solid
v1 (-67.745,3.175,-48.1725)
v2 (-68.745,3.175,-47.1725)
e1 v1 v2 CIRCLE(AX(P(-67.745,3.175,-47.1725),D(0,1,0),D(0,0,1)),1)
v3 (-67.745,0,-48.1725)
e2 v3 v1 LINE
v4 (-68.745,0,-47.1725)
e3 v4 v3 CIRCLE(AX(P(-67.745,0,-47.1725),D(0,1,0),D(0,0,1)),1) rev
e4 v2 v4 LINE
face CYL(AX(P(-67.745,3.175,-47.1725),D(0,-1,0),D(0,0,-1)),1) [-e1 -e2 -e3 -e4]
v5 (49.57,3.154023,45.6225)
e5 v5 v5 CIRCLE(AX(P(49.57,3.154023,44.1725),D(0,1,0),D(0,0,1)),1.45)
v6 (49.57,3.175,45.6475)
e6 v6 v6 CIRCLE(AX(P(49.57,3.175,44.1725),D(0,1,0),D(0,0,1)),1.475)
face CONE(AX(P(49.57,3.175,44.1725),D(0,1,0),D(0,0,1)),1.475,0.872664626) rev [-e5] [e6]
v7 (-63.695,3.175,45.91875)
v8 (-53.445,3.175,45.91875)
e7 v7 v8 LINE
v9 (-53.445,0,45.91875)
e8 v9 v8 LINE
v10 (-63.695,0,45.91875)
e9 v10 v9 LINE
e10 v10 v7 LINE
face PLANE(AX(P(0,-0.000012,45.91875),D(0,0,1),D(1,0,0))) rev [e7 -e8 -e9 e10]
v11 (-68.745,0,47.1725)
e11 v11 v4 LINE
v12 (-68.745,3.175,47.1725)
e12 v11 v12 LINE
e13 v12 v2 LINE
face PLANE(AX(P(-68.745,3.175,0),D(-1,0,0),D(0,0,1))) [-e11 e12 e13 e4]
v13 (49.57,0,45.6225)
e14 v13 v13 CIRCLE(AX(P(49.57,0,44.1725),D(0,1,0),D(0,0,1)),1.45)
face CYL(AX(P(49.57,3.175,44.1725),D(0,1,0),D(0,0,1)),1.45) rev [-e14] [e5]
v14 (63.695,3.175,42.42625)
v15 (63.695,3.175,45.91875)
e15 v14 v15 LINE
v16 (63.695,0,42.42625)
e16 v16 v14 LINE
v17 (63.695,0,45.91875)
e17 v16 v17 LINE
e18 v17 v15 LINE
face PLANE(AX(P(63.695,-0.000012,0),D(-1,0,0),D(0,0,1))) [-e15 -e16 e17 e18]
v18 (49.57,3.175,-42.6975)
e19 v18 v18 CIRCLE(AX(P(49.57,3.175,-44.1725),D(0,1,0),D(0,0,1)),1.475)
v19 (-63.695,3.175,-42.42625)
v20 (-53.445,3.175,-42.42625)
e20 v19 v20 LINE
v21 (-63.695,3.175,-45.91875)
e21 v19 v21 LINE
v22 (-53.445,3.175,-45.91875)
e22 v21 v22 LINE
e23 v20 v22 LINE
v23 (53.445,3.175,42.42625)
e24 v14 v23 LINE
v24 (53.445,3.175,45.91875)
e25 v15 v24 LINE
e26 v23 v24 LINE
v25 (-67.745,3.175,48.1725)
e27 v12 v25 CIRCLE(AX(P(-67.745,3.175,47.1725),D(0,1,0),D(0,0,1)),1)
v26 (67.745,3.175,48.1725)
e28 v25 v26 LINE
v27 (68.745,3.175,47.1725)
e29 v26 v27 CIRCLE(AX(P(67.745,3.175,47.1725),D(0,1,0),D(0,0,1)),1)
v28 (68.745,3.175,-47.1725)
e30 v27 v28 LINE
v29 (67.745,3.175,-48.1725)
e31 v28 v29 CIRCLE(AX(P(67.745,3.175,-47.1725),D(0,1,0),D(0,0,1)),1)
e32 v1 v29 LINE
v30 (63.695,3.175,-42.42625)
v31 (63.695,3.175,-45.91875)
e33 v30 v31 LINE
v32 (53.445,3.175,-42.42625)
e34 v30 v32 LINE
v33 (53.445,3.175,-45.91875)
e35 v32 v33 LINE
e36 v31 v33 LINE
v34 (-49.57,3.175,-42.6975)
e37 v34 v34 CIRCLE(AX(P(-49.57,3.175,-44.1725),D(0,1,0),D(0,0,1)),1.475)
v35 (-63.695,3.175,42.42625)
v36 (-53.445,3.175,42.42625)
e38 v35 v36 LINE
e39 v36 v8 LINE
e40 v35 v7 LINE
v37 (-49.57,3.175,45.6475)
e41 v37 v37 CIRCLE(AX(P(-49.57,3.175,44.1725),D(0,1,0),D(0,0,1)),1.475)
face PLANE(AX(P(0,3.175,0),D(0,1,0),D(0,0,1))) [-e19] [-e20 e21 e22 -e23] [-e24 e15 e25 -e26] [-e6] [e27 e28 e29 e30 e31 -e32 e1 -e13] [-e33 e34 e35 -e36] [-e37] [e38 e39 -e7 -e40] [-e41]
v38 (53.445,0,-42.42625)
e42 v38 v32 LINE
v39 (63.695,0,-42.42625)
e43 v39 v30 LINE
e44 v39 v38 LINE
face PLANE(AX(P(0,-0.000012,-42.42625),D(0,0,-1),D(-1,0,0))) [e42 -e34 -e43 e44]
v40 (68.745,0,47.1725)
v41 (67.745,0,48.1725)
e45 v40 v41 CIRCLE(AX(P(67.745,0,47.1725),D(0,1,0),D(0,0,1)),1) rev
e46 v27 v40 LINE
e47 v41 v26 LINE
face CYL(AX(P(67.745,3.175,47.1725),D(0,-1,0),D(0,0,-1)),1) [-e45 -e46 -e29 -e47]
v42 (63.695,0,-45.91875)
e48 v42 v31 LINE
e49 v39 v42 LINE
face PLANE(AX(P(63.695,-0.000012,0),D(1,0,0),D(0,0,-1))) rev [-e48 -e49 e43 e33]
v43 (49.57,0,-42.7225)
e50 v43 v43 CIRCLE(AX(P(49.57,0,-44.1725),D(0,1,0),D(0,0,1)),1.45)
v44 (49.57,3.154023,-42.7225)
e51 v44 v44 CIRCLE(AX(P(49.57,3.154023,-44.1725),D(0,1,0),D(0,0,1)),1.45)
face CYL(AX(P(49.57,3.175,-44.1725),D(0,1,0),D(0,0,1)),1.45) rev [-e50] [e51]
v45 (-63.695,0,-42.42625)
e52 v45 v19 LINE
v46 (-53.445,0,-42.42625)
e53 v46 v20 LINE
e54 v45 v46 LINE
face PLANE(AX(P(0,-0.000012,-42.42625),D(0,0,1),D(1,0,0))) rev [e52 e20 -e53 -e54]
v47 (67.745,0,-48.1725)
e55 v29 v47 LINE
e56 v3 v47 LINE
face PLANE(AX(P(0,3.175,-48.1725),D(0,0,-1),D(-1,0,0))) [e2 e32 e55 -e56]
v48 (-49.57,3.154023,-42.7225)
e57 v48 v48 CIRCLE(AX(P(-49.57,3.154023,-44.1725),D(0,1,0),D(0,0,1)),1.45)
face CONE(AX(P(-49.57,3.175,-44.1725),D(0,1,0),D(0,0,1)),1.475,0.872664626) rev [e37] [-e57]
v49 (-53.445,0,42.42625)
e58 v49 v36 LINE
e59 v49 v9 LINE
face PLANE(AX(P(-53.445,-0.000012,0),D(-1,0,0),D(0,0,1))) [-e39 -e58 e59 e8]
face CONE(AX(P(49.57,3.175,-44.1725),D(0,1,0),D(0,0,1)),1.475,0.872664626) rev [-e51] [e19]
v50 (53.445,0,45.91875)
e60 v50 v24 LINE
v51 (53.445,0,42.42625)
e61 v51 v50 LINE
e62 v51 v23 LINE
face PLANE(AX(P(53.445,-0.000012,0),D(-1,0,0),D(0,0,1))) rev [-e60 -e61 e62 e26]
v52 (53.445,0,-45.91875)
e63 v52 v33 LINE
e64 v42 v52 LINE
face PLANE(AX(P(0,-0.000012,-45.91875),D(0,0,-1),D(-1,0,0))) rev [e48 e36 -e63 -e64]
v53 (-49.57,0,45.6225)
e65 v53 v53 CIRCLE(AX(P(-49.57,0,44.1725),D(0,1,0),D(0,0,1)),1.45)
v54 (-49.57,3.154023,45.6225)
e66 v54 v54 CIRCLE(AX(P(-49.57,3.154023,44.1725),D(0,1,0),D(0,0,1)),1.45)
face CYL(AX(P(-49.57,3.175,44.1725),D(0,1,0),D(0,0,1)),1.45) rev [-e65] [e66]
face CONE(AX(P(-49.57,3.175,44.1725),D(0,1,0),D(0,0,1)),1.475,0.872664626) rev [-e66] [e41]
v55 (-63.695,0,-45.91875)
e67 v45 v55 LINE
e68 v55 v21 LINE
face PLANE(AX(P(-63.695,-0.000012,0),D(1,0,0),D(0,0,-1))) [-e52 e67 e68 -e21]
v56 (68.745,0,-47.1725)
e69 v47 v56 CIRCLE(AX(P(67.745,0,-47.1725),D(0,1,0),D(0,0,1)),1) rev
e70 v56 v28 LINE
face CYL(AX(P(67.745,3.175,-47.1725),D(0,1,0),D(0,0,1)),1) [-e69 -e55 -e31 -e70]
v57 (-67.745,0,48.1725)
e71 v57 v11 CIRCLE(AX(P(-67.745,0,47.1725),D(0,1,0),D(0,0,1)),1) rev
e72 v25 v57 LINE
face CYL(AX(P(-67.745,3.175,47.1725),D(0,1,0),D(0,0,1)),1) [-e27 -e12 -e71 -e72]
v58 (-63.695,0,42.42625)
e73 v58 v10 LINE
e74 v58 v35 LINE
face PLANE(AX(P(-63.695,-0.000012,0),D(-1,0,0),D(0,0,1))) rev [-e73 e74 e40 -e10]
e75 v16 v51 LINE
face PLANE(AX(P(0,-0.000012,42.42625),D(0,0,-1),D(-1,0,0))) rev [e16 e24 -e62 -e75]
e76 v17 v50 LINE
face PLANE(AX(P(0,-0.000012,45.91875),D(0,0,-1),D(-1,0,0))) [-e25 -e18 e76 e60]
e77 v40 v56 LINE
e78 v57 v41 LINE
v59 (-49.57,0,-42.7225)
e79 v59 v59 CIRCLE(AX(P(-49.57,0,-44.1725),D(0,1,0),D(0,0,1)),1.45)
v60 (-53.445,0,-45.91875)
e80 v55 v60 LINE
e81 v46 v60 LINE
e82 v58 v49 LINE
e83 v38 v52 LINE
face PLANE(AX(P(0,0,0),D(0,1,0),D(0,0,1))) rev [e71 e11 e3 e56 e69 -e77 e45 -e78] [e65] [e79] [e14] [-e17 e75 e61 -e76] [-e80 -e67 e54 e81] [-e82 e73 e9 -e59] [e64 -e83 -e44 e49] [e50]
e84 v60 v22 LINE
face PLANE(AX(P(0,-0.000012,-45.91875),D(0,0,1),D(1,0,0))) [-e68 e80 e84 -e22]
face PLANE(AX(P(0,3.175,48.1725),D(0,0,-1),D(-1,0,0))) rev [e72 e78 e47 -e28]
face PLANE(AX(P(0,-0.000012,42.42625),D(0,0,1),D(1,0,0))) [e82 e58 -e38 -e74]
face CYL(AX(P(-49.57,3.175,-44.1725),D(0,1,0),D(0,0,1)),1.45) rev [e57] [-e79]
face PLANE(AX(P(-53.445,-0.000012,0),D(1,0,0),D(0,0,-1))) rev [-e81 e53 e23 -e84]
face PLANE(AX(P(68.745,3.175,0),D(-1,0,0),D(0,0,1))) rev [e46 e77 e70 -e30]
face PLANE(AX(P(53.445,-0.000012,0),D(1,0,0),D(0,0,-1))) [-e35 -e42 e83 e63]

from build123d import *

# Parameters (mm, degrees)
SKETCH1_W                                      = 137.49
SKETCH1_H                                      = 96.345
SKETCH1_R                                      = 2.5
SKETCH1_W_2                                    = 10.25
SKETCH1_H_2                                    = 3.4925
BOSS_EXTRUDE1_DEPTH                            = 3.175
CUT_EXTRUDE1_START                             = -1
SKETCH1_3_W                                    = 10.25
SKETCH1_3_H                                    = 3.4925
CUT_EXTRUDE1_DEPTH                             = 5.175
M2_5_CLEARANCE_HOLE1_D                         = 2.9
M2_5_CLEARANCE_HOLE1_CSINK_D                   = 2.95
M2_5_CLEARANCE_HOLE1_CSINK_ANGLE               = 100
MIRROR1_START                                  = -1
MIRROR1_AT_THE_SECOND_PLANE_COPY_1_SKETC_W     = 10.25
MIRROR1_AT_THE_SECOND_PLANE_COPY_1_SKETC_H     = 3.4925
MIRROR1_AT_THE_SECOND_PLANE_COPY_1_DEPTH       = 5.175
MIRROR1_AT_THE_SECOND_PLANE_COPY_2_D           = 2.9
MIRROR1_AT_THE_SECOND_PLANE_COPY_2_CSINK_D     = 2.95
MIRROR1_AT_THE_SECOND_PLANE_COPY_2_CSINK_ANGLE = 100
FILLET1_R                                      = 1


with BuildPart() as part:
    # Sketch1 → Boss-Extrude1 (new body)
    with BuildSketch(Plane(origin=(0, 0, 0), x_dir=(1, 0, 0), z_dir=(0, 1, 0))):
        Rectangle(SKETCH1_W, SKETCH1_H)
        with Locations((-49.57, 44.1725)):
            Circle(SKETCH1_R, mode=Mode.SUBTRACT)
        with Locations((-58.57, 44.1725)):
            Rectangle(SKETCH1_W_2, SKETCH1_H_2, mode=Mode.SUBTRACT)
        with Locations((-58.57, 44.1725)):
            Rectangle(SKETCH1_W_2, SKETCH1_H_2)
        with Locations((-49.57, 44.1725)):
            Circle(SKETCH1_R)
    extrude(amount=BOSS_EXTRUDE1_DEPTH)

    # Sketch1<3> → Cut-Extrude1 (cut)
    with BuildSketch(Plane(origin=(0, 0, 0), x_dir=(1, 0, 0), z_dir=(0, 1, 0)).offset(CUT_EXTRUDE1_START)):
        with Locations((-58.57, 44.1725)):
            Rectangle(SKETCH1_3_W, SKETCH1_3_H)
    cut_extrude1 = extrude(amount=CUT_EXTRUDE1_DEPTH, mode=Mode.SUBTRACT)

    # M2.5 Clearance Hole1 (through all)
    with Locations(Plane(origin=(0, 3.175, 0), x_dir=(1, 0, 0), z_dir=(0, 1, 0))):
        with Locations((-49.57, 44.1725)):
            m2_5_clearance_hole1 = CounterSinkHole(M2_5_CLEARANCE_HOLE1_D / 2, M2_5_CLEARANCE_HOLE1_CSINK_D / 2, counter_sink_angle=M2_5_CLEARANCE_HOLE1_CSINK_ANGLE)

    # Mirror1: Cut-Extrude1, M2.5 Clearance Hole1 across plane
    add(cut_extrude1.mirror(Plane(origin=(0, 0, 0), x_dir=(0, 0, 1), z_dir=(1, 0, 0))), mode=Mode.SUBTRACT)
    add(m2_5_clearance_hole1.mirror(Plane(origin=(0, 0, 0), x_dir=(0, 0, 1), z_dir=(1, 0, 0))), mode=Mode.SUBTRACT)

    # Mirror1 at the second plane: M2.5 Clearance Hole1, Cut-Extrude1 across plane
    add(m2_5_clearance_hole1.mirror(Plane.XY), mode=Mode.SUBTRACT)
    add(cut_extrude1.mirror(Plane.XY), mode=Mode.SUBTRACT)

    # Mirror1 at the second plane copy 1 sketc → Mirror1 at the second plane copy 1 (cut)
    with BuildSketch(Plane(origin=(0, 0, 0), x_dir=(-1, 0, 0), z_dir=(0, 1, 0)).offset(MIRROR1_START)):
        with Locations((-58.57, 44.1725)):
            Rectangle(MIRROR1_AT_THE_SECOND_PLANE_COPY_1_SKETC_W, MIRROR1_AT_THE_SECOND_PLANE_COPY_1_SKETC_H)
    extrude(amount=MIRROR1_AT_THE_SECOND_PLANE_COPY_1_DEPTH, mode=Mode.SUBTRACT)

    # Mirror1 at the second plane copy 2 (through all)
    with Locations(Plane(origin=(0, 3.175, 0), x_dir=(-1, 0, 0), z_dir=(0, 1, 0))):
        with Locations((-49.57, 44.1725)):
            CounterSinkHole(MIRROR1_AT_THE_SECOND_PLANE_COPY_2_D / 2, MIRROR1_AT_THE_SECOND_PLANE_COPY_2_CSINK_D / 2, counter_sink_angle=MIRROR1_AT_THE_SECOND_PLANE_COPY_2_CSINK_ANGLE)

    # Fillet1
    fillet1_edges = [part.edges().sort_by_distance(p)[0] for p in [
        (-68.745, 1.5875, 48.1725),
        (-68.745, 1.5875, -48.1725),
        (68.745, 1.5875, -48.1725),
        (68.745, 1.5875, 48.1725),
    ]]
    fillet(fillet1_edges, radius=FILLET1_R)


solid = part.part
